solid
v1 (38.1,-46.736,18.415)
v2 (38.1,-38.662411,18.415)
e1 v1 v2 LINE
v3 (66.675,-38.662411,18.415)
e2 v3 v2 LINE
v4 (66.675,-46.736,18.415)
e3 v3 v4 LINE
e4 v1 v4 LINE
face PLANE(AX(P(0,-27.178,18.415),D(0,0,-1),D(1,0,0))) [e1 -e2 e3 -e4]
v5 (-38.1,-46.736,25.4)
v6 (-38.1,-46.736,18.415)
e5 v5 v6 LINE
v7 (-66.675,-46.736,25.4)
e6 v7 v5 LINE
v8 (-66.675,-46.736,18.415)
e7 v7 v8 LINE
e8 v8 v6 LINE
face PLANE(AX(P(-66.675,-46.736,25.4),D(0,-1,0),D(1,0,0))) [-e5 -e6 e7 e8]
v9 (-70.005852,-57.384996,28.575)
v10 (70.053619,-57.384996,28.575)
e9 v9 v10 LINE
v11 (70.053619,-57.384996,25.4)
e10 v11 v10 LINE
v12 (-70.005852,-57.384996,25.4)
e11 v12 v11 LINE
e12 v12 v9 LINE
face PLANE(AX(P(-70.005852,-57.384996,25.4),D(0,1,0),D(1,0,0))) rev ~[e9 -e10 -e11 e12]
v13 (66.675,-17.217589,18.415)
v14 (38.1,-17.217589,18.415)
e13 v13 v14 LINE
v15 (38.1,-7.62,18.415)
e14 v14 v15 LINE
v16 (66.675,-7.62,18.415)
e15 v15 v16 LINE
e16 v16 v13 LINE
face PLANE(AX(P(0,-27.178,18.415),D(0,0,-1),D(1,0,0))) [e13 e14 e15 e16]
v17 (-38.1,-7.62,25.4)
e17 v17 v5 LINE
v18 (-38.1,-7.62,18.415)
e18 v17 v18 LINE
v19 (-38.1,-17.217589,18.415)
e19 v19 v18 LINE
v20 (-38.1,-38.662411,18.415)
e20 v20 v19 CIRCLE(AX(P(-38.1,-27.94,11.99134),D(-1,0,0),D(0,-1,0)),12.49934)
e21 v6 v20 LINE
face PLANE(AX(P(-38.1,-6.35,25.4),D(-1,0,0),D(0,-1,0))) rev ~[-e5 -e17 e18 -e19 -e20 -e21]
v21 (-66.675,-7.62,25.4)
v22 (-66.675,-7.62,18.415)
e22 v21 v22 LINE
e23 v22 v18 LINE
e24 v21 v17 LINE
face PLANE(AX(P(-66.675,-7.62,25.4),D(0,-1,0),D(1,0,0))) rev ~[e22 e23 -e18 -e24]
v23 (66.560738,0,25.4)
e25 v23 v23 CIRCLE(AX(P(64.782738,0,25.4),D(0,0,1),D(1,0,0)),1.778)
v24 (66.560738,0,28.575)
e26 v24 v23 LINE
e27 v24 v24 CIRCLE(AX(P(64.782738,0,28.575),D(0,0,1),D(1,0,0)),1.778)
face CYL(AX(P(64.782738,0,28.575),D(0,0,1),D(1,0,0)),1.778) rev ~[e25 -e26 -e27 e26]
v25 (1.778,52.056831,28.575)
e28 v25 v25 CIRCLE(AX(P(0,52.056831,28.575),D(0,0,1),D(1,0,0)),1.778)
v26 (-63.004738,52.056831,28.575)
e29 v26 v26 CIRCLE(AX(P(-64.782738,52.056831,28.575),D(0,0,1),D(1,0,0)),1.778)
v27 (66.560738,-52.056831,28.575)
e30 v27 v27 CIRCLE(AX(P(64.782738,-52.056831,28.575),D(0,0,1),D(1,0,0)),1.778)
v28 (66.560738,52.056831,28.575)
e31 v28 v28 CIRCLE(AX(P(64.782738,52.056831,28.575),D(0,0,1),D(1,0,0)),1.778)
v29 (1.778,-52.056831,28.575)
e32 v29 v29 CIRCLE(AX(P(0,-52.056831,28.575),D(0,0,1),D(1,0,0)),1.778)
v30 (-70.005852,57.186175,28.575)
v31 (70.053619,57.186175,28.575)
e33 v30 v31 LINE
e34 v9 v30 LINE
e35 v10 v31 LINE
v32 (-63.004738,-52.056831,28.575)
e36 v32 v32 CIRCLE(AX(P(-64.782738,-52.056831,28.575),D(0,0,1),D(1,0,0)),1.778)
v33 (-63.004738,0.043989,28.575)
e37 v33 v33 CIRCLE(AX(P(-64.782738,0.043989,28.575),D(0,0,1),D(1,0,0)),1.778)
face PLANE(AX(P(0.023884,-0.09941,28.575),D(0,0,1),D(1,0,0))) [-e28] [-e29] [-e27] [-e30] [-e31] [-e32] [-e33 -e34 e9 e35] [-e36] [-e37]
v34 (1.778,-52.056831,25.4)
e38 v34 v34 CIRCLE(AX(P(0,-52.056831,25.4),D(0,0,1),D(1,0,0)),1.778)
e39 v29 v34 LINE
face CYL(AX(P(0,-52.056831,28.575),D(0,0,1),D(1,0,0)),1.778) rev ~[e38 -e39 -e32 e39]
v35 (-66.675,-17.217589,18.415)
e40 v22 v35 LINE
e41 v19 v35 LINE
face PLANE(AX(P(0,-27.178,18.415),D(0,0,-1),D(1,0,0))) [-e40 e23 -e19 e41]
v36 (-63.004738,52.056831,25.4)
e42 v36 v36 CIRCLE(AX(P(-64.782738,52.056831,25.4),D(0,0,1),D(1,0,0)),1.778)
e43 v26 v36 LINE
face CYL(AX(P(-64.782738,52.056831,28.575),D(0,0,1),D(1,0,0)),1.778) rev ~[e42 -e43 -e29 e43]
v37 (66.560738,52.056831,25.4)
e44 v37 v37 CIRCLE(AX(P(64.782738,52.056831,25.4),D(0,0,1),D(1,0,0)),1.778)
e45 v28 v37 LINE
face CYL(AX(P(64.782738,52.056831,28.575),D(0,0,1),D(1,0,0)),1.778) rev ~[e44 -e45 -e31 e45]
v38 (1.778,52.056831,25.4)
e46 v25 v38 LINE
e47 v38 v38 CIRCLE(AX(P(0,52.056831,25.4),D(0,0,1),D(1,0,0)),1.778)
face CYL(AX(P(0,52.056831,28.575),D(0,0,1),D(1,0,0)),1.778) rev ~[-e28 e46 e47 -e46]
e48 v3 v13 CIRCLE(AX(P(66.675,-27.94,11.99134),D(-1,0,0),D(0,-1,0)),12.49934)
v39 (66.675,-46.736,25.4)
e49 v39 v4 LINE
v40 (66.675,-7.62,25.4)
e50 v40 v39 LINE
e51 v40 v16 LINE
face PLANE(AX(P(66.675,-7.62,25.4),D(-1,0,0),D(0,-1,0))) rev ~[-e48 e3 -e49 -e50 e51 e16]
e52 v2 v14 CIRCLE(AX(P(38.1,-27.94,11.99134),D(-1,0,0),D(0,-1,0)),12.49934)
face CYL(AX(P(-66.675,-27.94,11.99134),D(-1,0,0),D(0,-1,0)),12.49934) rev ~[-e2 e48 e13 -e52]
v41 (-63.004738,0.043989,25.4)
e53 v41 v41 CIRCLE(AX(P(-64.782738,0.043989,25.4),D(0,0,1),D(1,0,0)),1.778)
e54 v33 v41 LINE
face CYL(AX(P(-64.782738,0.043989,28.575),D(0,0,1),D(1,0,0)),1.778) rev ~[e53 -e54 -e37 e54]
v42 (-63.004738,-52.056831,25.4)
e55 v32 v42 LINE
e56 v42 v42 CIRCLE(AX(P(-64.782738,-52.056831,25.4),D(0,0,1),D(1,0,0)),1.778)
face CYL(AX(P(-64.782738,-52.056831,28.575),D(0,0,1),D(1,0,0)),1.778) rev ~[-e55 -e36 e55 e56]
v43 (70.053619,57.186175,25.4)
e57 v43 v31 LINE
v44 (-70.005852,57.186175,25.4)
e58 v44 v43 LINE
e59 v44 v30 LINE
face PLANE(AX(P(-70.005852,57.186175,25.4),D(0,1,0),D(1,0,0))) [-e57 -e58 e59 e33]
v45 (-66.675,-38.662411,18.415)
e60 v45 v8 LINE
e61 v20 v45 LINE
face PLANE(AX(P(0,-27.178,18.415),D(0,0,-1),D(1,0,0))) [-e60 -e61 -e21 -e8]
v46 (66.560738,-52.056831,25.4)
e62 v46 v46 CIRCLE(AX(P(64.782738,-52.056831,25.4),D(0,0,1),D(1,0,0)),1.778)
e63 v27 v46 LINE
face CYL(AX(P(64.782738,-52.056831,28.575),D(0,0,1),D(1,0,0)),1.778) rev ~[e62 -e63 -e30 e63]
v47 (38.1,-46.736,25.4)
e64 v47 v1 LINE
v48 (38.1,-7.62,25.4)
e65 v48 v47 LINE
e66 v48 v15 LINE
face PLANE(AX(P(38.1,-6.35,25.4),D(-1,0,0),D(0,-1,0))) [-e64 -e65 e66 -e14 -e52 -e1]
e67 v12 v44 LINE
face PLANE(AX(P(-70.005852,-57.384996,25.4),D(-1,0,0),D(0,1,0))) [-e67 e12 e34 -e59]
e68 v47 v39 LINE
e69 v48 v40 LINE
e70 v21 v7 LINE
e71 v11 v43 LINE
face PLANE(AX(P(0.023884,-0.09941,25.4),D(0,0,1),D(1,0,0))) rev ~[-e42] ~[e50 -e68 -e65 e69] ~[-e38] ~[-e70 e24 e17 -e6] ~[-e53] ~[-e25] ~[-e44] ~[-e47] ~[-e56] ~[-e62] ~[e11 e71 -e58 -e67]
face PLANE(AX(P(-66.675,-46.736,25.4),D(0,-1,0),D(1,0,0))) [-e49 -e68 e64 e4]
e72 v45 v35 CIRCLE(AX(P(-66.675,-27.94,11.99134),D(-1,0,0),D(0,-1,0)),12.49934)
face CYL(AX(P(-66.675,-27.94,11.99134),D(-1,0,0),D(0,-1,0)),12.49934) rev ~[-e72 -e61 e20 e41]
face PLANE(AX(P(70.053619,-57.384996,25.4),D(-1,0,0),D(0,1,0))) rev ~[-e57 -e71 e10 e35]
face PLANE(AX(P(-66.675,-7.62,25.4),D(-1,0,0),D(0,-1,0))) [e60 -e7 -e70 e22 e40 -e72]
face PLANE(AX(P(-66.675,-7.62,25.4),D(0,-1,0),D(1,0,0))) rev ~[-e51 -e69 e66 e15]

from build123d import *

# Parameters (mm, degrees)
SKETCH009_W     = 140.059471
SKETCH009_H     = 114.571171
PAD008_DEPTH    = 3.175
SKETCH013_R     = 1.778
POCKET003_DEPTH = 5.00126
SKETCH020_W     = 133.35
SKETCH020_H     = 39.116
PAD012_DEPTH    = 6.985
SKETCH021_R     = 12.49934
POCKET007_DEPTH = 136.729619
SKETCH022_W     = 76.2
SKETCH022_H     = 43.18
POCKET008_DEPTH = 8.89


with BuildPart() as part:
    # Sketch009 (on Face1 of ReferencePad006) → Pad008 (new body)
    with BuildSketch(Plane.XY.offset(25.4)):
        with Locations((0.023884, -0.09941)):
            Rectangle(SKETCH009_W, SKETCH009_H)
    extrude(amount=PAD008_DEPTH)

    # Sketch013 (on Face6 of Pad008) → Pocket003 (cut)
    with BuildSketch(Plane.XY.offset(28.575)):
        with Locations((64.782738, 52.056831)):
            Circle(SKETCH013_R)
        with Locations((64.782738, 0)):
            Circle(SKETCH013_R)
        with Locations((64.782738, -52.056831)):
            Circle(SKETCH013_R)
        with Locations((0, 52.056831)):
            Circle(SKETCH013_R)
        with Locations((-64.782738, 52.056831)):
            Circle(SKETCH013_R)
        with Locations((-64.782738, 0.043989)):
            Circle(SKETCH013_R)
        with Locations((-64.782738, -52.056831)):
            Circle(SKETCH013_R)
        with Locations((0, -52.056831)):
            Circle(SKETCH013_R)
    extrude(amount=-POCKET003_DEPTH, mode=Mode.SUBTRACT)

    # Sketch020 (on Face5 of Pad008) → Pad012 (join)
    with BuildSketch(Plane(origin=(0, 0, 25.4), x_dir=(1, 0, 0), z_dir=(0, 0, -1))):
        with Locations((0, 27.178)):
            Rectangle(SKETCH020_W, SKETCH020_H)
    extrude(amount=PAD012_DEPTH)

    # Sketch021 (on Face12 of Pad012) → Pocket007 (cut, through all)
    with BuildSketch(Plane(origin=(-66.675, 0, 0), x_dir=(0, -1, 0), z_dir=(-1, 0, 0))):
        with Locations((27.94, 11.99134)):
            Circle(SKETCH021_R)
    extrude(amount=-POCKET007_DEPTH, mode=Mode.SUBTRACT)

    # Sketch022 (on Face4 of Pocket007) → Pocket008 (cut)
    with BuildSketch(Plane(origin=(0, 0, 25.4), x_dir=(1, 0, 0), z_dir=(0, 0, -1))):
        with Locations((0, 27.94)):
            Rectangle(SKETCH022_W, SKETCH022_H)
    extrude(amount=POCKET008_DEPTH, mode=Mode.SUBTRACT)


solid = part.part
